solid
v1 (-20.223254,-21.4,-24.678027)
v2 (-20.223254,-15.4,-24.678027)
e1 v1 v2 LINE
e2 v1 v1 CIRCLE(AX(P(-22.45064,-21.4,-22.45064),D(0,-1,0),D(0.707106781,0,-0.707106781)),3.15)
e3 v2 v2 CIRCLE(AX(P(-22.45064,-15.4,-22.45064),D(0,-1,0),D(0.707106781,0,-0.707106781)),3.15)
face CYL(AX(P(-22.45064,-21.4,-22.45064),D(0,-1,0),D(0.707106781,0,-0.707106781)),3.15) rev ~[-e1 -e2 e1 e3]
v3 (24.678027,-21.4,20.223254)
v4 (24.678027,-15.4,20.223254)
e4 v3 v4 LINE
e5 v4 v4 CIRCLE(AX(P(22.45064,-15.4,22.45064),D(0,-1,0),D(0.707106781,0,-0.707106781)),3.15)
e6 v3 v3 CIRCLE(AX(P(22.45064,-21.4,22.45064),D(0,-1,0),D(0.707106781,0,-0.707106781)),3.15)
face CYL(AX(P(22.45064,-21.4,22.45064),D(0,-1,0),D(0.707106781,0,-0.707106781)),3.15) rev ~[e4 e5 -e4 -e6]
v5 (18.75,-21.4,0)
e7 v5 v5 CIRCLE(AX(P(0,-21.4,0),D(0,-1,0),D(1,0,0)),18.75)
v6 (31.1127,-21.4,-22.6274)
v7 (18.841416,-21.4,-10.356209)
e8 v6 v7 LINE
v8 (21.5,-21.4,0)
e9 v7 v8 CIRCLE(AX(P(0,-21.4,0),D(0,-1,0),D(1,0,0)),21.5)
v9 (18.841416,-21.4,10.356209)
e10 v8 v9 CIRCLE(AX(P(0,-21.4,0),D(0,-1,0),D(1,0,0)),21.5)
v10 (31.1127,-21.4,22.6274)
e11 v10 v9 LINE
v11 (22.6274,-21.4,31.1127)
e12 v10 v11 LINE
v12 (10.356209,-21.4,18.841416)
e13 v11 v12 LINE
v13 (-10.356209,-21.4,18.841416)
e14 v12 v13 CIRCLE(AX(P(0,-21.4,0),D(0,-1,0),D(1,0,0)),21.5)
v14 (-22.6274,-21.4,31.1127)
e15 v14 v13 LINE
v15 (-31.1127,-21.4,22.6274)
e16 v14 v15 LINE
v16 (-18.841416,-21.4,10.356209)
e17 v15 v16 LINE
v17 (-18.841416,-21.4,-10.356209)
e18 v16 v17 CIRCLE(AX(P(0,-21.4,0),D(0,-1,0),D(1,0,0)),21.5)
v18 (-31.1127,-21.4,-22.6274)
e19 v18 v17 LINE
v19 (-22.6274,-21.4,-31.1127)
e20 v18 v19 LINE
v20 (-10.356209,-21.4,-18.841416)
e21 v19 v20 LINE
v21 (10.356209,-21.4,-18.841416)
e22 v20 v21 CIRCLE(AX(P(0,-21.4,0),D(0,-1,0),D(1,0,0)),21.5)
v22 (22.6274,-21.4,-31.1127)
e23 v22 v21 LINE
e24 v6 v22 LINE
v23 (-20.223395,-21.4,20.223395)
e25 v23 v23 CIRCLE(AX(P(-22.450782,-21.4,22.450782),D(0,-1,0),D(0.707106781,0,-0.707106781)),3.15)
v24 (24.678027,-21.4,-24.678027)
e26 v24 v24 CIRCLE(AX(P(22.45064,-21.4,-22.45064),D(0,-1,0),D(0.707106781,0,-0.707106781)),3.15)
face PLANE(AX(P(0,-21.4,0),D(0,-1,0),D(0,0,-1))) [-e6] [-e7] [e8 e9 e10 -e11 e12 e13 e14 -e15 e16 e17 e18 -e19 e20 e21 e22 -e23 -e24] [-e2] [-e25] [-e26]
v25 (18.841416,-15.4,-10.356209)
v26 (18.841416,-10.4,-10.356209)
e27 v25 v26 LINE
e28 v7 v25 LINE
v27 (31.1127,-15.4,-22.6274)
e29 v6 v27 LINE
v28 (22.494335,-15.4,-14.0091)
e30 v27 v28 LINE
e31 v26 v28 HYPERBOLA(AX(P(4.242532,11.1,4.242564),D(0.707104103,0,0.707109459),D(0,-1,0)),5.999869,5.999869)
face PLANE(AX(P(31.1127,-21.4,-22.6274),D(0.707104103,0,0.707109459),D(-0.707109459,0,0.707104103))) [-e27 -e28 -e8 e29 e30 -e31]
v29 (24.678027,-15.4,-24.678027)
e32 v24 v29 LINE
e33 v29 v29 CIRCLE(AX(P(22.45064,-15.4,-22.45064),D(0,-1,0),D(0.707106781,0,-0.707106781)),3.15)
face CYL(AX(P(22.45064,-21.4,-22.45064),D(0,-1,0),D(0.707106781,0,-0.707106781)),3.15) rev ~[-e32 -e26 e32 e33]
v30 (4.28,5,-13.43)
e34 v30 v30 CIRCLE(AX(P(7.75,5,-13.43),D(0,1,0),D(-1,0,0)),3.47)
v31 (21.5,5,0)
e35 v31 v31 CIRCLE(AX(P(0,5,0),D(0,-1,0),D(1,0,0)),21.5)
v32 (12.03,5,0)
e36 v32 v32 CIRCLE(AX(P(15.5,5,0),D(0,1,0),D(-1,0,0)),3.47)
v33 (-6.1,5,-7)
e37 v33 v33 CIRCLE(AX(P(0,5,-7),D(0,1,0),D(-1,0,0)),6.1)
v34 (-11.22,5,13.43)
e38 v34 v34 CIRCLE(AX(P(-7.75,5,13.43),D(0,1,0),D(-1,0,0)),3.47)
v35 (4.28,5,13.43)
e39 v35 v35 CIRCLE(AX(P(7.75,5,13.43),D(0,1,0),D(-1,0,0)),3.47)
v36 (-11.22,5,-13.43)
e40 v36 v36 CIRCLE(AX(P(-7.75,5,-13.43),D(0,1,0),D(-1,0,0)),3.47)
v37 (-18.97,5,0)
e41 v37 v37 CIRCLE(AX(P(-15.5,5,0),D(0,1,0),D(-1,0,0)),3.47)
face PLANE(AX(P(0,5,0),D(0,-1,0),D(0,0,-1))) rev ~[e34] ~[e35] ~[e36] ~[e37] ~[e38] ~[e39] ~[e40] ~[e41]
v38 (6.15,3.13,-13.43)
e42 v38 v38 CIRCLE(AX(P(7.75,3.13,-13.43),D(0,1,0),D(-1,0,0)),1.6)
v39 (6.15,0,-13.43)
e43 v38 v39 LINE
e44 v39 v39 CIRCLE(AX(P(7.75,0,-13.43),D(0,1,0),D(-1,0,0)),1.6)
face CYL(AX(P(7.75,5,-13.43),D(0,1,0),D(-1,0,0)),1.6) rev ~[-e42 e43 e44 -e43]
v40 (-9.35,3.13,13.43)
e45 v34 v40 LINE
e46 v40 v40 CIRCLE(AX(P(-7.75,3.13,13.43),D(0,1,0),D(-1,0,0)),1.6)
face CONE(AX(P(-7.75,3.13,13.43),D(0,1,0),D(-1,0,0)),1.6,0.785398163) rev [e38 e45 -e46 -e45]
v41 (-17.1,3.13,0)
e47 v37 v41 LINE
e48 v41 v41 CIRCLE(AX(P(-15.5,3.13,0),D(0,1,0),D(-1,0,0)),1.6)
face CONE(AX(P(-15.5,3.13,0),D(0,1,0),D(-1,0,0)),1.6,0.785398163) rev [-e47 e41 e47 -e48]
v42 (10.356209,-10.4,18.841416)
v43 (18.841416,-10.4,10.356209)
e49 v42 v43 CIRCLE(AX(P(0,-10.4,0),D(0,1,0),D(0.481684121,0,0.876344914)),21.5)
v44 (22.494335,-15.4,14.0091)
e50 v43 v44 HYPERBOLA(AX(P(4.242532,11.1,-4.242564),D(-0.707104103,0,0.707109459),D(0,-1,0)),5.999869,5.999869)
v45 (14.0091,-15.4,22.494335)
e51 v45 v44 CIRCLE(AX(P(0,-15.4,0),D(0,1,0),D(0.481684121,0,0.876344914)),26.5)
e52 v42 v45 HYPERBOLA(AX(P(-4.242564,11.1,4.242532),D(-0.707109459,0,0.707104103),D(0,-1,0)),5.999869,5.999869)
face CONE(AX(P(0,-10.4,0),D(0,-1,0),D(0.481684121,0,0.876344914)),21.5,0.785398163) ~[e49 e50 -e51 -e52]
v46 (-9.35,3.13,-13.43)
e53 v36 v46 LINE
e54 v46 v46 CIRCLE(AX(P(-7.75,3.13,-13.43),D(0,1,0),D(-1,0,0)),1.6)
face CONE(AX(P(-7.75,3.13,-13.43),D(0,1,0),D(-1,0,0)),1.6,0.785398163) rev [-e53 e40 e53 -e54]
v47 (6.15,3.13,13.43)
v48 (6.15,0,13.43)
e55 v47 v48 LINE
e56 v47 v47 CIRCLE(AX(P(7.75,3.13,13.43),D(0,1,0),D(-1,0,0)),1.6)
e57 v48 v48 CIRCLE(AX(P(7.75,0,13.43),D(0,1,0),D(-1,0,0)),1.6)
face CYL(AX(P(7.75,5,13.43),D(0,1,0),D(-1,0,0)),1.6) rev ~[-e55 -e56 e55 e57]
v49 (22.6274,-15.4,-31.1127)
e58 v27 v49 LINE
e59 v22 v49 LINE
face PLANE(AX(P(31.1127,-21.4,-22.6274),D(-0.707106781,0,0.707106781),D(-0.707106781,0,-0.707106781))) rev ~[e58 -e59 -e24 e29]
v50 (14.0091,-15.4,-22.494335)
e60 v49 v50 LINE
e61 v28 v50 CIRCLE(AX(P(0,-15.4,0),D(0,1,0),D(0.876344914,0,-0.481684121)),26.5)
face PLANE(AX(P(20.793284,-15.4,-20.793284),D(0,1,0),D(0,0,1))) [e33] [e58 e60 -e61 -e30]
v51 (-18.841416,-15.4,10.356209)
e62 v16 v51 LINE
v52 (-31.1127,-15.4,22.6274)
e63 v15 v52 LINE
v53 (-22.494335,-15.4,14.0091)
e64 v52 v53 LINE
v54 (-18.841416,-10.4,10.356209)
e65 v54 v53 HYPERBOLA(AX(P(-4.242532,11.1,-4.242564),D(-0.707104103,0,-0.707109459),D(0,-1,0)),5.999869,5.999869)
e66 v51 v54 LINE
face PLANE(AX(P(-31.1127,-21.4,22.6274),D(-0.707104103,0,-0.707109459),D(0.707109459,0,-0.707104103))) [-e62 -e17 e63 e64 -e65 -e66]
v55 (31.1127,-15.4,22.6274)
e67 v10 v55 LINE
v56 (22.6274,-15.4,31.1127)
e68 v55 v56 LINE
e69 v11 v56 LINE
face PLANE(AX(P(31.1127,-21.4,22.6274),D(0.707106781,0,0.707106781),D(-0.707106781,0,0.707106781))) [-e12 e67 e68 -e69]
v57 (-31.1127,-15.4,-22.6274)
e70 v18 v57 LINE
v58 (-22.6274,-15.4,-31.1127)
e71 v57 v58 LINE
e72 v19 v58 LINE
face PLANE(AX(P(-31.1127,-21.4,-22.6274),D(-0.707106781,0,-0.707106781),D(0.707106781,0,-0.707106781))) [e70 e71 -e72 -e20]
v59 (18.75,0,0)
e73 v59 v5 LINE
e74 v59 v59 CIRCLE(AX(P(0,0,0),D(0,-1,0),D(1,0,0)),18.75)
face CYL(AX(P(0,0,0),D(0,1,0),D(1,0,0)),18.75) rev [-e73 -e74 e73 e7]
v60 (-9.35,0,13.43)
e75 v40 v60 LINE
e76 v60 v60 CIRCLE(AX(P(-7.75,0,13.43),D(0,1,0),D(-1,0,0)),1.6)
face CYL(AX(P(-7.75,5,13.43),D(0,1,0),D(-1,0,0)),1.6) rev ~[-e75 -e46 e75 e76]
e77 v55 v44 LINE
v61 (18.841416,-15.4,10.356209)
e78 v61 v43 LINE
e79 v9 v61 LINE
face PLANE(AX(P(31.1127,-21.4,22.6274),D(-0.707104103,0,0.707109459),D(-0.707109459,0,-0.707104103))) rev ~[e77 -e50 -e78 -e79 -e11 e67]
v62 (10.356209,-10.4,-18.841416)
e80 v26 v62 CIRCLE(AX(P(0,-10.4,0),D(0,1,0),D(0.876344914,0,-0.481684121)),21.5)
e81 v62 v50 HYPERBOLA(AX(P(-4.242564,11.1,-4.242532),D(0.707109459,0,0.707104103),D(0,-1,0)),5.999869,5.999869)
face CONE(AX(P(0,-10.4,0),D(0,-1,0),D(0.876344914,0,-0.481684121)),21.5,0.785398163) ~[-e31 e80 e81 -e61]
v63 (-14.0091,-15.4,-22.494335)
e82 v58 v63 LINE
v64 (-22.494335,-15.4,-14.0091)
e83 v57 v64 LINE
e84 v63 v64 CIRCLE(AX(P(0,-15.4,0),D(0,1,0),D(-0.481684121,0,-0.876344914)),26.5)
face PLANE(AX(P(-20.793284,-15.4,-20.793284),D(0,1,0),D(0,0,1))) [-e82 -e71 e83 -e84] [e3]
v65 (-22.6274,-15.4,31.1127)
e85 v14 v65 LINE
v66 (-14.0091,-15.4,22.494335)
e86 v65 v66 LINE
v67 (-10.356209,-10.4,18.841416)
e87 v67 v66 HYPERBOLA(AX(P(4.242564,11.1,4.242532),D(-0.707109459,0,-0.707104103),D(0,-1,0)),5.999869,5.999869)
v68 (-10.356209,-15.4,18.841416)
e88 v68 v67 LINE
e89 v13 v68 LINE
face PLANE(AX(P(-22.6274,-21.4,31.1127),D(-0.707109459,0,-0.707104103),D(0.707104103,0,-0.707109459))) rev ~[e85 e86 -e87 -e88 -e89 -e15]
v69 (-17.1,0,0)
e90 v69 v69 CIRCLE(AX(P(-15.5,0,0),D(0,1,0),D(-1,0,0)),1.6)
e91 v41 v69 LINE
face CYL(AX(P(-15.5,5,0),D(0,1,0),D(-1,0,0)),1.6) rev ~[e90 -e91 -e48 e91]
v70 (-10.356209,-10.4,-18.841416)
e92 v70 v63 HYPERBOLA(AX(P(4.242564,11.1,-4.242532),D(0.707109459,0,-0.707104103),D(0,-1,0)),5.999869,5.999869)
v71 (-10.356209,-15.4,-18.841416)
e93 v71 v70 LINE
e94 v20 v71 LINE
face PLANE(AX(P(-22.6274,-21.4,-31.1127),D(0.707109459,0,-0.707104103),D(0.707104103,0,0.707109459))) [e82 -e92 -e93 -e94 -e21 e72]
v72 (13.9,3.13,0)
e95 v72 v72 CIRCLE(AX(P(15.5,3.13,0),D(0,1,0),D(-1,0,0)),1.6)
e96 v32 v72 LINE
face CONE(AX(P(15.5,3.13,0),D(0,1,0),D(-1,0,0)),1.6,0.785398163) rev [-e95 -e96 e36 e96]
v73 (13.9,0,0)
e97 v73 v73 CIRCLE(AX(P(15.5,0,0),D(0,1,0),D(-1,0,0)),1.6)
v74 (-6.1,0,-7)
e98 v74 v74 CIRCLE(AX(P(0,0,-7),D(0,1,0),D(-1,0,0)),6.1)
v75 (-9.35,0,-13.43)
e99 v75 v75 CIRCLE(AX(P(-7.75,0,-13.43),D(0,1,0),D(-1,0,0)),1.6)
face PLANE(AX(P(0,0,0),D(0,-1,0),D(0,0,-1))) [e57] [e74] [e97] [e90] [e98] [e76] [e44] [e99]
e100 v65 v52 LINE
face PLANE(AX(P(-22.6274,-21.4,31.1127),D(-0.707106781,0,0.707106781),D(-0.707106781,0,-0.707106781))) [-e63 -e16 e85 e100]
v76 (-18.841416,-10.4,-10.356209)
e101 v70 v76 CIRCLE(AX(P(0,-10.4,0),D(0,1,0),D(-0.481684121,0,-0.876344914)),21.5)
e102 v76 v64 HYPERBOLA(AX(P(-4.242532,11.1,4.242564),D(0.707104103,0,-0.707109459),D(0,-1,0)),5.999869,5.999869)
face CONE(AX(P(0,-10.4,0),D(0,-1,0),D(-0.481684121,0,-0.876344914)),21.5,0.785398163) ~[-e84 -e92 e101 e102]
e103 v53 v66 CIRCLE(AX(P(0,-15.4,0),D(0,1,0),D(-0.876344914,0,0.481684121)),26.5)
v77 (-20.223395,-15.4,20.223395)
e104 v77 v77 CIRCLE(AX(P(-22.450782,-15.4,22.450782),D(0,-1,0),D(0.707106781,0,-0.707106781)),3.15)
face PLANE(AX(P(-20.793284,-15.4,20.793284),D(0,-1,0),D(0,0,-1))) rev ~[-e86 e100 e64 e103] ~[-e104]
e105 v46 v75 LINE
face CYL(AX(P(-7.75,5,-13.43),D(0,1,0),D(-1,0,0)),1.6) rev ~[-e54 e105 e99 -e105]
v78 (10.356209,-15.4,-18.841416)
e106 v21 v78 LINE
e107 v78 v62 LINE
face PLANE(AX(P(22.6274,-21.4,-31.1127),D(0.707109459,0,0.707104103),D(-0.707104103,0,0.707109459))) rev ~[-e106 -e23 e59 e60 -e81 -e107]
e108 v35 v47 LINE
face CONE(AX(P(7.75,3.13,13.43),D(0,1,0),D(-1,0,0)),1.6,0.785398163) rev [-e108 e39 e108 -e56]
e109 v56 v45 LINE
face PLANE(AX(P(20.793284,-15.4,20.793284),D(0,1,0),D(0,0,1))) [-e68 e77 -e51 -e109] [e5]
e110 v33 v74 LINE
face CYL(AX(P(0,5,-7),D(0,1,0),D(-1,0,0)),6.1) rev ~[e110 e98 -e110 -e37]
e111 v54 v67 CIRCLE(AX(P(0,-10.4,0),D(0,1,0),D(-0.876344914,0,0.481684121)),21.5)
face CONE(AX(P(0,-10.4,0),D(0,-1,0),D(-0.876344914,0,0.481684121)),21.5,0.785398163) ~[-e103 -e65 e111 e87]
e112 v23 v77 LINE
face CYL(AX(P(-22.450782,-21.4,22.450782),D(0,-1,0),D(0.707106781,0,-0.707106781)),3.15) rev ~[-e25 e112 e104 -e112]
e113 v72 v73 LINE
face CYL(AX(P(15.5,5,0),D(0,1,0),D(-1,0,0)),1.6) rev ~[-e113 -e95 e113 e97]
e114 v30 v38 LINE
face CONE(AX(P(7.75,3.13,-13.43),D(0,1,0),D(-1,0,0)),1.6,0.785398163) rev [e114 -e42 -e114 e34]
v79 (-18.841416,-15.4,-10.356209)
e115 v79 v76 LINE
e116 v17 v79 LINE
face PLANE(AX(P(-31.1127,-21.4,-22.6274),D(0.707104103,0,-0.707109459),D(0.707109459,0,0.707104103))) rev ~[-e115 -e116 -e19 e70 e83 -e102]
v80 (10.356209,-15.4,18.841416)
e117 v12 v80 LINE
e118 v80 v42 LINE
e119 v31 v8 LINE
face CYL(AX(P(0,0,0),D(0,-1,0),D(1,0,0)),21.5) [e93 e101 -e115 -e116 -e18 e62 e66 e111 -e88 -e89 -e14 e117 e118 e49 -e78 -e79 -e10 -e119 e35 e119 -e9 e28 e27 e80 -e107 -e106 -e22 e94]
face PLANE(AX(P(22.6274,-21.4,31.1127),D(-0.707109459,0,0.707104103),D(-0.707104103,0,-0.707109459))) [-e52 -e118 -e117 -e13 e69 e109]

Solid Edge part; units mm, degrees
sketch "Sketch1" plane through (0, 0, 0) normal (0, -1, 0) x (1, 0, 0)
  circle A0 centre (0, 0) radius 21.5
extrude "Protrusion1" add sketch "Sketch1" against normal blind 5
sketch "Sketch2" plane through (0, 0, 0) normal (0, -1, 0) x (1, 0, 0)
  circle A0 centre (0, 0) radius 21.5
  circle A1 centre (0, 0) radius 18.75
  dimension "D1" = 43
  dimension "D2" = 37.5
extrude "ExtrudedProtrusion_2" add sketch "Sketch2" along normal blind 21.4
sketch "Sketch3" plane through (0, -21.4, 0) normal (0, -1, 0) x (1, 0, 0)
  line L0 (-31.1127, 22.6274) -> (-18.8414, 10.3562)
  arc A0 (-18.8414, 10.3562) -> (-10.3562, 18.8414) centre (0, 0) cw
  line L1 (-22.6274, 31.1127) -> (-10.3562, 18.8414)
  line L2 (-22.6274, 31.1127) -> (-31.1127, 22.6274)
  line L3 (-31.1127, -22.6274) -> (-18.8414, -10.3562)
  arc A1 (-10.3562, -18.8414) -> (-18.8414, -10.3562) centre (0, 0) cw
  line L4 (-22.6274, -31.1127) -> (-10.3562, -18.8414)
  line L5 (-31.1127, -22.6274) -> (-22.6274, -31.1127)
  line L6 (22.6274, -31.1127) -> (10.3562, -18.8414)
  arc A2 (18.8414, -10.3562) -> (10.3562, -18.8414) centre (0, 0) cw
  line L7 (31.1127, -22.6274) -> (18.8414, -10.3562)
  line L8 (31.1127, -22.6274) -> (22.6274, -31.1127)
  line L9 (31.1127, 22.6274) -> (18.8414, 10.3562)
  line L10 (22.6274, 31.1127) -> (10.3562, 18.8414)
  line L11 (31.1127, 22.6274) -> (22.6274, 31.1127)
  arc A3 (10.3562, 18.8414) -> (18.8414, 10.3562) centre (0, 0) cw
extrude "ExtrudedProtrusion_3" add sketch "Sketch3" against normal blind 6
sketch "Sketch4" plane through (0, -21.4, 0) normal (0, -1, 0) x (0.7071, 0, -0.7071)
  circle A0 centre (-31.7502, 0) radius 3.15
  circle A1 centre (0, 31.75) radius 3.15
  circle A2 centre (31.75, 0) radius 3.15
  circle A3 centre (0, -31.75) radius 3.15
  dimension "D1" = 6.3
  dimension "D2" = 6.3
  dimension "D3" = 6.3
  dimension "D4" = 6.3
  dimension "D5" = 6.2498
  dimension "D6" = 6.25
  dimension "D7" = 6.25
  dimension "D8" = 6.25
extrude "Cutout1" cut sketch "Sketch4" against normal up to next
sketch "Sketch5" plane through (0, 5, 0) normal (0, 1, 0) x (-1, 0, 0)
  circle A0 centre (7.75, 13.43) radius 1.6
  circle A1 centre (-7.75, 13.43) radius 1.6
  circle A2 centre (-15.5, 0) radius 1.6
  circle A3 centre (15.5, 0) radius 1.6
  circle A4 centre (7.75, -13.43) radius 1.6
  circle A5 centre (-7.75, -13.43) radius 1.6
  circle A6 centre (0, -7) radius 6.1
  dimension "D1" = 12.2
  dimension "D2" = 7
  dimension "D3" = 3.2
  dimension "D4" = 15.5
  dimension "D5" = 31
  dimension "D6" = 15.5
  dimension "D7" = 13.43
  dimension "D8" = 7.75
  dimension "D9" = 3.2
  dimension "D10" = 3.2
  dimension "D11" = 13.43
extrude "Cutout2" cut sketch "Sketch5" against normal up to next
chamfer "Chamfer_1" distance 1.87 angle 45 6 edges at (17.1, 5, 0) (9.35, 5, 13.43) (-6.15, 5, 13.43) (-13.9, 5, 0) (-6.15, 5, -13.43) (9.35, 5, -13.43)
chamfer "Chamfer_2" distance 5 angle 45 4 edges at (-15.2028, -15.4, -15.2028) (15.2028, -15.4, -15.2028) (15.2028, -15.4, 15.2028) (-15.2028, -15.4, 15.2028)
